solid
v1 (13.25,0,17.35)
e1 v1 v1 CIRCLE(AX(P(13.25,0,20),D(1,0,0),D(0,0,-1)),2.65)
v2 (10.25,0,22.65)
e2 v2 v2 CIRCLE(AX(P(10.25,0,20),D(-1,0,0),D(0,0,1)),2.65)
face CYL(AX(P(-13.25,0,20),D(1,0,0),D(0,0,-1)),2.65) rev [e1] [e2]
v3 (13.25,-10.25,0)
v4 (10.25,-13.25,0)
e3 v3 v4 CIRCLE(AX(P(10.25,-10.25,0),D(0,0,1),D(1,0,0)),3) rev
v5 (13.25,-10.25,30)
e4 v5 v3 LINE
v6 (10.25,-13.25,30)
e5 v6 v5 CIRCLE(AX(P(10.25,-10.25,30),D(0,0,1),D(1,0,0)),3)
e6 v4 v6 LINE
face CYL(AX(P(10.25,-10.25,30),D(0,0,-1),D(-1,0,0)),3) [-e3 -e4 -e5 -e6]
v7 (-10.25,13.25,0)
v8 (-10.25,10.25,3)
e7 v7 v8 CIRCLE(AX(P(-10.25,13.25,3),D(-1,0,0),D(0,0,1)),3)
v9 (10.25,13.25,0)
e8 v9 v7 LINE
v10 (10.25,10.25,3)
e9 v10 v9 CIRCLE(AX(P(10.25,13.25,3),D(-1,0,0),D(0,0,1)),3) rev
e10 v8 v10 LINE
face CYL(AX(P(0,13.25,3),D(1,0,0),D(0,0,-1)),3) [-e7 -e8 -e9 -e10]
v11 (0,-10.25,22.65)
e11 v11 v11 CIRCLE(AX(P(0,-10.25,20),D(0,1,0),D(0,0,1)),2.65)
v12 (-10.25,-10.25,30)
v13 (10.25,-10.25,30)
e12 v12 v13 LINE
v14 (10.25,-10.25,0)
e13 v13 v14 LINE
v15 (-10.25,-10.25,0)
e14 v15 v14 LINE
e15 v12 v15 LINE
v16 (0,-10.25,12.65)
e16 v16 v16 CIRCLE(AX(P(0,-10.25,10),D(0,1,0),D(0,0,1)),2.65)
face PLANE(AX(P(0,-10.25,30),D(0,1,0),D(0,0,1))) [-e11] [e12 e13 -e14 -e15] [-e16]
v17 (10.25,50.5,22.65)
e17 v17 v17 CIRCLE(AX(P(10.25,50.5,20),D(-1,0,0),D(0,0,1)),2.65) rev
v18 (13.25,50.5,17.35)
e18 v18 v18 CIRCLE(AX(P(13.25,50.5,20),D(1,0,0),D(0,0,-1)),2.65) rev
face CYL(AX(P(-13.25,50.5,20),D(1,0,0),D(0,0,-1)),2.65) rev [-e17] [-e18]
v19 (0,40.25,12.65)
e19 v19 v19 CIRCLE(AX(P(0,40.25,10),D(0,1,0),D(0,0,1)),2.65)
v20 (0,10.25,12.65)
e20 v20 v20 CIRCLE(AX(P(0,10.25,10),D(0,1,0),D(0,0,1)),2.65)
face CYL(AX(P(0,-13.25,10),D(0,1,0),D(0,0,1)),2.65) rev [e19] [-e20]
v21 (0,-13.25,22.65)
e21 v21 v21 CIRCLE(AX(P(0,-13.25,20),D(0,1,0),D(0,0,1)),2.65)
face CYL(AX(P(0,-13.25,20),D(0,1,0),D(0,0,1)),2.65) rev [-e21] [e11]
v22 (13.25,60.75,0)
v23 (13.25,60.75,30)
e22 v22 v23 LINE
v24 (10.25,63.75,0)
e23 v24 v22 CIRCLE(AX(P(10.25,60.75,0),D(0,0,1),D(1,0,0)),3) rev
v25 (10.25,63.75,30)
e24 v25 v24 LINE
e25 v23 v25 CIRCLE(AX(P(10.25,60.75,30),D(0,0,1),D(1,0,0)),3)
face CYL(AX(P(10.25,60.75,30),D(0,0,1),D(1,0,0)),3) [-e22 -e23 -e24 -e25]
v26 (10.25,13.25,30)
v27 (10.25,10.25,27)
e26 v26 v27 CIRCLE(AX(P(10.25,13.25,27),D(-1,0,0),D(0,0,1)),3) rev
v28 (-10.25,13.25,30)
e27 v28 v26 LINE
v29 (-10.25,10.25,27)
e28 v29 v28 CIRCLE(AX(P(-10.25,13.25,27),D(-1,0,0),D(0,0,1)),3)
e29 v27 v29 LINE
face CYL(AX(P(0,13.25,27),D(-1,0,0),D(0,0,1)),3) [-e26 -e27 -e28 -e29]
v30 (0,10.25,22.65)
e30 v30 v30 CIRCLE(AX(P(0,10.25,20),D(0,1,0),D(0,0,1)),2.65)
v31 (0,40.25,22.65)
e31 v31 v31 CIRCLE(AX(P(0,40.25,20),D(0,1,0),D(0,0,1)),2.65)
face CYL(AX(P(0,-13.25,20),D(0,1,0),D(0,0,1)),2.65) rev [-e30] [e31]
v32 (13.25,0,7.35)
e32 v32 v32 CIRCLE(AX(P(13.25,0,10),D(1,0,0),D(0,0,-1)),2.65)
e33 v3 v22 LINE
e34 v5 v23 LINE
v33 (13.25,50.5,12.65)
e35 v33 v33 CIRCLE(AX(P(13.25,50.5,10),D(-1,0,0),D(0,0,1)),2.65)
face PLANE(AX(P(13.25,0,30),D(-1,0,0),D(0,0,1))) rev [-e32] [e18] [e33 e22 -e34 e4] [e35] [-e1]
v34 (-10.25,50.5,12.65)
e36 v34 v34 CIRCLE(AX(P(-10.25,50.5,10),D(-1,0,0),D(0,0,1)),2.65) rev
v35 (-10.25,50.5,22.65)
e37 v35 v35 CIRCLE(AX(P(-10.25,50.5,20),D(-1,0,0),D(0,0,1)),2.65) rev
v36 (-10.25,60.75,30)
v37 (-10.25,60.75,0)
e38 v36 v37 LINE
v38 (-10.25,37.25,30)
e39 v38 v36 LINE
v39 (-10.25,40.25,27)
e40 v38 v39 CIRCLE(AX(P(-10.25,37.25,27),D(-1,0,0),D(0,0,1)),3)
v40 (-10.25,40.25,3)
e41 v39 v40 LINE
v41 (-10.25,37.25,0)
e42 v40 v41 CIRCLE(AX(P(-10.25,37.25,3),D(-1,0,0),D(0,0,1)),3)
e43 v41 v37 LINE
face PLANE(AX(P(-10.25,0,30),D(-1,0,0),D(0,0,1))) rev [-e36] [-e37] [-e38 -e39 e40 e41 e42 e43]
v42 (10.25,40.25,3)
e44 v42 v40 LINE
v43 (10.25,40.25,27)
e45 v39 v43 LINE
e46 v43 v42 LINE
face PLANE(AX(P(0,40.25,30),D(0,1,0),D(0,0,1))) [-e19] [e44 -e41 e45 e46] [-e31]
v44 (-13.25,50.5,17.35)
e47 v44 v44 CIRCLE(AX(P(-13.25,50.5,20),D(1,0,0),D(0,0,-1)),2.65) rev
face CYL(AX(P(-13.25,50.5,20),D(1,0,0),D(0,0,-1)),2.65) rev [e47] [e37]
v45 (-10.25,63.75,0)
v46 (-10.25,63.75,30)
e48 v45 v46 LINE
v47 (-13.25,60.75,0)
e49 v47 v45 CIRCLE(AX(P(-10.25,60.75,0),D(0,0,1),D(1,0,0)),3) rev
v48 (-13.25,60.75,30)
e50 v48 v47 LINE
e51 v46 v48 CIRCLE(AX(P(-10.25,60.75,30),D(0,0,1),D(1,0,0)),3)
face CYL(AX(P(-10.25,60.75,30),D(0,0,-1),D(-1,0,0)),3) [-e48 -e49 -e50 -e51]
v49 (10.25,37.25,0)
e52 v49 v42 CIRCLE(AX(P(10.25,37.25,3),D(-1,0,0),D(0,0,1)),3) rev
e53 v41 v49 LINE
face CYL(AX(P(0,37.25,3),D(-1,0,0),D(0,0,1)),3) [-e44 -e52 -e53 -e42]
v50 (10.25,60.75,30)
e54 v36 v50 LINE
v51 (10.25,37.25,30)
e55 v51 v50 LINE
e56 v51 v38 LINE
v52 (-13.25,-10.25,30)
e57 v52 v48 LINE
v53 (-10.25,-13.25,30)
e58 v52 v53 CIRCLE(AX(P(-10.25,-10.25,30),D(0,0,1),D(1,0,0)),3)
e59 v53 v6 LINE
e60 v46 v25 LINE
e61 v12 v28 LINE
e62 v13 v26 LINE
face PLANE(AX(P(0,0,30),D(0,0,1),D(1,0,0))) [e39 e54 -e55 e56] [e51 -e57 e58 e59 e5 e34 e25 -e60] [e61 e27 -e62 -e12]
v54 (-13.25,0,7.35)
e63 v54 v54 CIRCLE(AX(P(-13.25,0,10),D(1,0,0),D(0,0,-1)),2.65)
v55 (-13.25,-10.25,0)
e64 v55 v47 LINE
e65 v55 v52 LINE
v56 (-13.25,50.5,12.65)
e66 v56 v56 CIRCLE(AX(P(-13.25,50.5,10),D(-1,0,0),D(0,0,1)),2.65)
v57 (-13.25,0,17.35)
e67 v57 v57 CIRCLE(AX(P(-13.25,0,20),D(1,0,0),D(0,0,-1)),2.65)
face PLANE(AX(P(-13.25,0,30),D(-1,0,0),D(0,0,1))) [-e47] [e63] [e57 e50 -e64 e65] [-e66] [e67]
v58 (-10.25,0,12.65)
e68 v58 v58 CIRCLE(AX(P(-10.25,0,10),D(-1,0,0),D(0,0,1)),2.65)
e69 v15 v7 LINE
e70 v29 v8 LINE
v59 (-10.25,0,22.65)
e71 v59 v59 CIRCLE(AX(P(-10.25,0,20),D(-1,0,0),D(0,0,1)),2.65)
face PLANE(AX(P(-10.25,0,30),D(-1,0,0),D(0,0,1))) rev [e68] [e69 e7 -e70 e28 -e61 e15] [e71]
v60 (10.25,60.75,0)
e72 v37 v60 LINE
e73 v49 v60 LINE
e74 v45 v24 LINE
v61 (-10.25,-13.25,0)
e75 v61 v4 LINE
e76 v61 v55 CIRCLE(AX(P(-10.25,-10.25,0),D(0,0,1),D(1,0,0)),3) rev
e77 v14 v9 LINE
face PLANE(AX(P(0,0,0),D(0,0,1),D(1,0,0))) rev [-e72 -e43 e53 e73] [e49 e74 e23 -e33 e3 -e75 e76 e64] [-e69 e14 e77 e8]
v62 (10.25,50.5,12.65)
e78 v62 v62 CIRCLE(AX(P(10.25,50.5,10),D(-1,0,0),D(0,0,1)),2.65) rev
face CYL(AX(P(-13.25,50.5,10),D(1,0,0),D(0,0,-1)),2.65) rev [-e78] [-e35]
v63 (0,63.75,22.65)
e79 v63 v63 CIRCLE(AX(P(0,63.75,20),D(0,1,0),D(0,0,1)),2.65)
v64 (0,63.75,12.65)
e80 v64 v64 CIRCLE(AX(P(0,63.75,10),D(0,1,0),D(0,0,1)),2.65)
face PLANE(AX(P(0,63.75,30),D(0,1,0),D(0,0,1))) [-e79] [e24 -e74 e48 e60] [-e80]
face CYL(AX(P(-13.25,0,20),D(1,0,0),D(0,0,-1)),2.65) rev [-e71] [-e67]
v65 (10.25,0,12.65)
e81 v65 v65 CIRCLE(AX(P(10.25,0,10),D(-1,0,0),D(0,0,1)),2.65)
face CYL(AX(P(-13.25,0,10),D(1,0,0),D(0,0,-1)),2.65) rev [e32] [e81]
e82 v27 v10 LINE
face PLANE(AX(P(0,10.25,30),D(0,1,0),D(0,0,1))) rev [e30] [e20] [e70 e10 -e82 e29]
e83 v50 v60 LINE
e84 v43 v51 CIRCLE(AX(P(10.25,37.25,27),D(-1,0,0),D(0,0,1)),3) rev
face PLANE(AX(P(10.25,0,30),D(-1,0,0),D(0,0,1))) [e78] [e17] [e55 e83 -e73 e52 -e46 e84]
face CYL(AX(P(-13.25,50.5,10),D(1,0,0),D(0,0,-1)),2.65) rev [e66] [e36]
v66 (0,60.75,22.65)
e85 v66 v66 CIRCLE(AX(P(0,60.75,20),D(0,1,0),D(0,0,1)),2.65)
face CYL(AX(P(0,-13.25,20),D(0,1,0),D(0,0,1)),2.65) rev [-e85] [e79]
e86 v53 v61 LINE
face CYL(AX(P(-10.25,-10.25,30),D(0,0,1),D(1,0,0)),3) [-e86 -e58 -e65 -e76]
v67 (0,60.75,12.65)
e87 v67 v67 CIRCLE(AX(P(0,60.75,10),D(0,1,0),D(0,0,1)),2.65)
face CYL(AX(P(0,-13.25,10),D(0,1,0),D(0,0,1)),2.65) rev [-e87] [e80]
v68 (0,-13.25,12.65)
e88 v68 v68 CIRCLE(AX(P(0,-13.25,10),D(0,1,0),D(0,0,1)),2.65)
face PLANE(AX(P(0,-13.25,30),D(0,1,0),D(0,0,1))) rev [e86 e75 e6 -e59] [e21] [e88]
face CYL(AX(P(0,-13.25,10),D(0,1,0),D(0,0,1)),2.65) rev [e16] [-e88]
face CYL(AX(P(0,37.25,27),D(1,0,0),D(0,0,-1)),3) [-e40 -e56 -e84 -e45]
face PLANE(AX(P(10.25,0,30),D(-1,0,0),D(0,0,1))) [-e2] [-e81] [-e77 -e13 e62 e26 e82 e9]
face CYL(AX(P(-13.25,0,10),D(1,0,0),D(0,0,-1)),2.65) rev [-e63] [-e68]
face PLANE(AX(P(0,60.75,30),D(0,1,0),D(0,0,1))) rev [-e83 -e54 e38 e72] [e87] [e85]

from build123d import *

# Parameters (mm, degrees)
SKETCH_1_W          = 20.5
SKETCH_1_H          = 30
EXTRUDE_1_DEPTH     = 30
FILLET_1_R          = 3
SKETCH_2_R          = 2.65
CUT_EXTRUDE_1_DEPTH = 84.693264365
SKETCH_3_R          = 2.65
CUT_EXTRUDE_2_DEPTH = 76.27491282
FILLET_2_R          = 3


with BuildPart() as part:
    # 草图1 → 凸台-拉伸1 (new body)
    # profile 1 of 2: a face of its own
    with BuildSketch(Plane.XY):
        Polygon((-13.25, -13.25), (-13.25, 10.25), (-13.25, 40.25), (-13.25, 63.75), (13.25, 63.75), (13.25, 40.25), (13.25, 10.25), (13.25, -13.25), align=None)
        Polygon((10.25, 40.25), (10.25, 60.75), (-10.25, 60.75), (-10.25, 40.25), (-10.25, 10.25), (-10.25, -10.25), (10.25, -10.25), (10.25, 10.25), align=None, mode=Mode.SUBTRACT)
    # profile 2 of 2: a face of its own
    with BuildSketch(Plane.XY):
        with Locations((0, 25.25)):
            Rectangle(SKETCH_1_W, SKETCH_1_H)
    extrude(amount=EXTRUDE_1_DEPTH)

    # 圆角1
    fillet_1_edges = [part.edges().sort_by_distance(p)[0] for p in [
        (-13.25, 63.75, 15),
        (13.25, 63.75, 15),
        (13.25, -13.25, 15),
        (-13.25, -13.25, 15),
    ]]
    fillet(fillet_1_edges, radius=FILLET_1_R)

    # 草图2 → 切除-拉伸1 (cut, through all)
    with BuildSketch(Plane(origin=(0, 63.75, 0), x_dir=(1, 0, 0), z_dir=(0, 1, 0))):
        with Locations(Location((0, -10, 0), (0, 0, 270))):
            Circle(SKETCH_2_R)
        with Locations(Location((0, -20, 0), (0, 0, 270))):
            Circle(SKETCH_2_R)
    extrude(amount=-CUT_EXTRUDE_1_DEPTH, mode=Mode.SUBTRACT)

    # 草图3 → 切除-拉伸2 (cut, through all)
    with BuildSketch(Plane(origin=(13.25, 0, 0), x_dir=(0, 0, -1), z_dir=(1, 0, 0))):
        with Locations((-10, 0)):
            Circle(SKETCH_3_R)
        with Locations((-20, 0)):
            Circle(SKETCH_3_R)
        with Locations(Location((-10, 50.5, 0), (0, 0, 180))):
            Circle(SKETCH_3_R)
        with Locations((-20, 50.5)):
            Circle(SKETCH_3_R)
    extrude(amount=-CUT_EXTRUDE_2_DEPTH, mode=Mode.SUBTRACT)

    # 圆角2
    fillet_2_edges = [part.edges().sort_by_distance(p)[0] for p in [
        (0, 40.25, 30),
        (0, 10.25, 0),
        (0, 40.25, 0),
        (0, 10.25, 30),
    ]]
    fillet(fillet_2_edges, radius=FILLET_2_R)


solid = part.part
